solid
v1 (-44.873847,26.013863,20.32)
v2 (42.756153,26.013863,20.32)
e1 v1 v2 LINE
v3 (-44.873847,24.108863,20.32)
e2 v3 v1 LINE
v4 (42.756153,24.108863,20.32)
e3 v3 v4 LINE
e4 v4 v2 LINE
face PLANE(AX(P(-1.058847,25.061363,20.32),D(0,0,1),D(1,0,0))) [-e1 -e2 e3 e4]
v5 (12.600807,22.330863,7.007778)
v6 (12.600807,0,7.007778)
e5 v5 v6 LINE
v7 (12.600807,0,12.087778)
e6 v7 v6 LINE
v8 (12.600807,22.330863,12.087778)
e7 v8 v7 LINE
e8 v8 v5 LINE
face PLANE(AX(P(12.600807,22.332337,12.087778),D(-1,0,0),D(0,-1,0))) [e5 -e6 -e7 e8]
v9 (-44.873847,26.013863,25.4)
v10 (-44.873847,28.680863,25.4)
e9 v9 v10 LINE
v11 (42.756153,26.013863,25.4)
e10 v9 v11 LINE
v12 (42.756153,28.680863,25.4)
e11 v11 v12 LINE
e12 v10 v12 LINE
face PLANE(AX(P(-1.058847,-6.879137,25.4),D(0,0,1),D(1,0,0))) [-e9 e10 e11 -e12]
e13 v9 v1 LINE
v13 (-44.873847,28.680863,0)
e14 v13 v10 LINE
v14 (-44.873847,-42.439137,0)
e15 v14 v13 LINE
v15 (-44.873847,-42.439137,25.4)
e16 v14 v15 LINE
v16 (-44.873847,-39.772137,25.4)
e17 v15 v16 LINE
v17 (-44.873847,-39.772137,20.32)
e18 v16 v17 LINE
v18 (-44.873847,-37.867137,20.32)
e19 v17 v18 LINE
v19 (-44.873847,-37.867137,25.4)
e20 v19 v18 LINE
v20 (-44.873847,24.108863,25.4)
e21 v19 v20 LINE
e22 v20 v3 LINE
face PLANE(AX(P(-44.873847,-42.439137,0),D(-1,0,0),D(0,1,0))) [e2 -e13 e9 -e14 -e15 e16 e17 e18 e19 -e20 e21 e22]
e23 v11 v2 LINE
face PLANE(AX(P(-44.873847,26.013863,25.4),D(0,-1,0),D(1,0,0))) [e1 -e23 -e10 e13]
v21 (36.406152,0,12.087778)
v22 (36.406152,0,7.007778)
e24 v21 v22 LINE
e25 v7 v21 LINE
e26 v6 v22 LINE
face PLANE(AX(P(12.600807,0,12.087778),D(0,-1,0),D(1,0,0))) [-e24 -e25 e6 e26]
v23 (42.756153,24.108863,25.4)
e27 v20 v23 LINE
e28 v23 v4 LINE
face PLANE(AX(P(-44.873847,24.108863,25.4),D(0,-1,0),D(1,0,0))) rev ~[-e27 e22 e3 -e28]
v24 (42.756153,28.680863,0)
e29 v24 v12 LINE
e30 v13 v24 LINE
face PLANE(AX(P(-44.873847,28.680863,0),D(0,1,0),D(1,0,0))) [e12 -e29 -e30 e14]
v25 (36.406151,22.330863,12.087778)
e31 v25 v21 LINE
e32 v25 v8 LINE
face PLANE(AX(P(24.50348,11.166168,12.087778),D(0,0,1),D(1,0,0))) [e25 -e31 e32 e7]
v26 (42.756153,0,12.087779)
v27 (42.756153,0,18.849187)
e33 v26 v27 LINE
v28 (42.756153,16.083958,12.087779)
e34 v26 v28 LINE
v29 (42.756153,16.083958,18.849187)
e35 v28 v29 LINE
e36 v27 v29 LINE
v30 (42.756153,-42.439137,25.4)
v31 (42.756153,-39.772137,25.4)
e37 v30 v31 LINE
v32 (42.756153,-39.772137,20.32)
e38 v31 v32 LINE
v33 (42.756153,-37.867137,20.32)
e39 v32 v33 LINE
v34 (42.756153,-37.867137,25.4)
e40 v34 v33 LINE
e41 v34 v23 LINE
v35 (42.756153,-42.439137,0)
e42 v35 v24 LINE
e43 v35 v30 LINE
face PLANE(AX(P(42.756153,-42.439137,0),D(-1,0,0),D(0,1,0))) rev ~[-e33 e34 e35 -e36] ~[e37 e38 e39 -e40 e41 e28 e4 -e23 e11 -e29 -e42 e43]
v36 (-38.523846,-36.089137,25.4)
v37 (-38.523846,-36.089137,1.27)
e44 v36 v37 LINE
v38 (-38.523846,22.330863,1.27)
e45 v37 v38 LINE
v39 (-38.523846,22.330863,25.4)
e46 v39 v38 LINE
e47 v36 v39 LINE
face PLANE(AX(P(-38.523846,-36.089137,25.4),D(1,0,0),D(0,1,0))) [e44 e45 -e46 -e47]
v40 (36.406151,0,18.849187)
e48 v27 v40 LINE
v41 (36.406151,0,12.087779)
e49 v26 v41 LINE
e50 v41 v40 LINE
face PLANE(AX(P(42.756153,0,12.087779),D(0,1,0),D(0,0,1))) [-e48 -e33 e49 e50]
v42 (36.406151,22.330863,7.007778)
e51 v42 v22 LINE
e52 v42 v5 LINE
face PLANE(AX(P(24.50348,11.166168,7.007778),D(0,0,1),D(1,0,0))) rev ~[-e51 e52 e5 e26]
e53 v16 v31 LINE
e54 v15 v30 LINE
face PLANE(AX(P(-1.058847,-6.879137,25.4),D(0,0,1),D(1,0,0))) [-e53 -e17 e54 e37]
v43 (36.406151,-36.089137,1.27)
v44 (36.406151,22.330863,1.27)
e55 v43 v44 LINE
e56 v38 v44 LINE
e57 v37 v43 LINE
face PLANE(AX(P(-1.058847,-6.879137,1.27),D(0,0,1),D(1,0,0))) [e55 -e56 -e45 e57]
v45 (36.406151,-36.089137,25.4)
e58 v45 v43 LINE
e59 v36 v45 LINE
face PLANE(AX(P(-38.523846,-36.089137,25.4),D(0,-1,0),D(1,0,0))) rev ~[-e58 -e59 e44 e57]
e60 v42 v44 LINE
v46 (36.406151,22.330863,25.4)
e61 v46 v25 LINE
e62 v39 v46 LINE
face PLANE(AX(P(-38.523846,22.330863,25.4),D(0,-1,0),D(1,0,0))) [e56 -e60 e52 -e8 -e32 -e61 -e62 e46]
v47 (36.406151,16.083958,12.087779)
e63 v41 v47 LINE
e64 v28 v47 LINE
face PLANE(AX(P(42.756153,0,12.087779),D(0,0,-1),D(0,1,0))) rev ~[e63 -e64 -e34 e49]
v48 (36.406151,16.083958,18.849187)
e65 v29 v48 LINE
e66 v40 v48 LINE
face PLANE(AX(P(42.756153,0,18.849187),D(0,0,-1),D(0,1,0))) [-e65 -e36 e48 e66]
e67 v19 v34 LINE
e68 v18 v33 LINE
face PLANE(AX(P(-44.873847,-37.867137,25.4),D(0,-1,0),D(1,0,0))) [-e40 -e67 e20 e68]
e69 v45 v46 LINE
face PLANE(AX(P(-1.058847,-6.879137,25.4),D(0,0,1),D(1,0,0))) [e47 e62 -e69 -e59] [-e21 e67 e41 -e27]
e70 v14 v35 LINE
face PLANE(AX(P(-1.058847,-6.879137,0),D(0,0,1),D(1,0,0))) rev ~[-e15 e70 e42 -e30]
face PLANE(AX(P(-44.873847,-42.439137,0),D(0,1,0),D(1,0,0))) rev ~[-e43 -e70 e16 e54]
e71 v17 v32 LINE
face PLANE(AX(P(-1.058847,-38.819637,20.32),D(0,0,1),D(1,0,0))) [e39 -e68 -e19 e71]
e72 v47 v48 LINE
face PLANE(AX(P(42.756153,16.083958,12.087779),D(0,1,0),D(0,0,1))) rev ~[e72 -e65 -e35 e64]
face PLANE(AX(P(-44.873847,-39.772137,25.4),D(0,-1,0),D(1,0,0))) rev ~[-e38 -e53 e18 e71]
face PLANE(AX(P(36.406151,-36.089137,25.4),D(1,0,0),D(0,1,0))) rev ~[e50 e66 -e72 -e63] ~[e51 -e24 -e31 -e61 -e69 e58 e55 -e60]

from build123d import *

# Parameters (mm, degrees)
F0_W     = 87.63
F0_H     = 71.12
F1_DEPTH = 25.4
F2_W     = 74.929997
F2_H     = 58.42
F3_DEPTH = 24.13
F4_W     = 16.083958
F4_H     = 6.761409
F5_DEPTH = 7.62
F6_W     = 87.63
F6_H     = 1.905
F7_DEPTH = 5.08
F9_DEPTH = 5.08


with BuildPart() as f1:
    # F0 (on Top) → F1 (new body)
    with BuildSketch(Plane.XY):
        with Locations((-1.058847, -6.879137)):
            Rectangle(F0_W, F0_H)
    extrude(amount=F1_DEPTH)

    # F2 (on face) → F3 (cut)
    with BuildSketch(Plane.XY.offset(25.4)):
        with Locations((-1.058847, -6.879137)):
            Rectangle(F2_W, F2_H)
    extrude(amount=-F3_DEPTH, mode=Mode.SUBTRACT)

    # F4 (on face) → F5 (cut)
    with BuildSketch(Plane.YZ.offset(42.756153)):
        with Locations((8.041979, 15.468483)):
            Rectangle(F4_W, F4_H)
    extrude(amount=-F5_DEPTH, mode=Mode.SUBTRACT)

    # F6 (on face) → F7 (cut)
    with BuildSketch(Plane.XY.offset(25.4)):
        with Locations((-1.058847, 25.061363)):
            Rectangle(F6_W, F6_H)
        with Locations((-1.058847, -38.819637)):
            Rectangle(F6_W, F6_H)
    extrude(amount=-F7_DEPTH, mode=Mode.SUBTRACT)

    # F8 (on face) → F9 (join)
    with BuildSketch(Plane.XY.offset(12.087778)):
        Polygon((12.600807, 0), (36.406152, 0), (36.406152, 16.083958), (36.406152, 22.332337), (12.600807, 22.332337), align=None)
    extrude(amount=-F9_DEPTH)


solid = f1.part
